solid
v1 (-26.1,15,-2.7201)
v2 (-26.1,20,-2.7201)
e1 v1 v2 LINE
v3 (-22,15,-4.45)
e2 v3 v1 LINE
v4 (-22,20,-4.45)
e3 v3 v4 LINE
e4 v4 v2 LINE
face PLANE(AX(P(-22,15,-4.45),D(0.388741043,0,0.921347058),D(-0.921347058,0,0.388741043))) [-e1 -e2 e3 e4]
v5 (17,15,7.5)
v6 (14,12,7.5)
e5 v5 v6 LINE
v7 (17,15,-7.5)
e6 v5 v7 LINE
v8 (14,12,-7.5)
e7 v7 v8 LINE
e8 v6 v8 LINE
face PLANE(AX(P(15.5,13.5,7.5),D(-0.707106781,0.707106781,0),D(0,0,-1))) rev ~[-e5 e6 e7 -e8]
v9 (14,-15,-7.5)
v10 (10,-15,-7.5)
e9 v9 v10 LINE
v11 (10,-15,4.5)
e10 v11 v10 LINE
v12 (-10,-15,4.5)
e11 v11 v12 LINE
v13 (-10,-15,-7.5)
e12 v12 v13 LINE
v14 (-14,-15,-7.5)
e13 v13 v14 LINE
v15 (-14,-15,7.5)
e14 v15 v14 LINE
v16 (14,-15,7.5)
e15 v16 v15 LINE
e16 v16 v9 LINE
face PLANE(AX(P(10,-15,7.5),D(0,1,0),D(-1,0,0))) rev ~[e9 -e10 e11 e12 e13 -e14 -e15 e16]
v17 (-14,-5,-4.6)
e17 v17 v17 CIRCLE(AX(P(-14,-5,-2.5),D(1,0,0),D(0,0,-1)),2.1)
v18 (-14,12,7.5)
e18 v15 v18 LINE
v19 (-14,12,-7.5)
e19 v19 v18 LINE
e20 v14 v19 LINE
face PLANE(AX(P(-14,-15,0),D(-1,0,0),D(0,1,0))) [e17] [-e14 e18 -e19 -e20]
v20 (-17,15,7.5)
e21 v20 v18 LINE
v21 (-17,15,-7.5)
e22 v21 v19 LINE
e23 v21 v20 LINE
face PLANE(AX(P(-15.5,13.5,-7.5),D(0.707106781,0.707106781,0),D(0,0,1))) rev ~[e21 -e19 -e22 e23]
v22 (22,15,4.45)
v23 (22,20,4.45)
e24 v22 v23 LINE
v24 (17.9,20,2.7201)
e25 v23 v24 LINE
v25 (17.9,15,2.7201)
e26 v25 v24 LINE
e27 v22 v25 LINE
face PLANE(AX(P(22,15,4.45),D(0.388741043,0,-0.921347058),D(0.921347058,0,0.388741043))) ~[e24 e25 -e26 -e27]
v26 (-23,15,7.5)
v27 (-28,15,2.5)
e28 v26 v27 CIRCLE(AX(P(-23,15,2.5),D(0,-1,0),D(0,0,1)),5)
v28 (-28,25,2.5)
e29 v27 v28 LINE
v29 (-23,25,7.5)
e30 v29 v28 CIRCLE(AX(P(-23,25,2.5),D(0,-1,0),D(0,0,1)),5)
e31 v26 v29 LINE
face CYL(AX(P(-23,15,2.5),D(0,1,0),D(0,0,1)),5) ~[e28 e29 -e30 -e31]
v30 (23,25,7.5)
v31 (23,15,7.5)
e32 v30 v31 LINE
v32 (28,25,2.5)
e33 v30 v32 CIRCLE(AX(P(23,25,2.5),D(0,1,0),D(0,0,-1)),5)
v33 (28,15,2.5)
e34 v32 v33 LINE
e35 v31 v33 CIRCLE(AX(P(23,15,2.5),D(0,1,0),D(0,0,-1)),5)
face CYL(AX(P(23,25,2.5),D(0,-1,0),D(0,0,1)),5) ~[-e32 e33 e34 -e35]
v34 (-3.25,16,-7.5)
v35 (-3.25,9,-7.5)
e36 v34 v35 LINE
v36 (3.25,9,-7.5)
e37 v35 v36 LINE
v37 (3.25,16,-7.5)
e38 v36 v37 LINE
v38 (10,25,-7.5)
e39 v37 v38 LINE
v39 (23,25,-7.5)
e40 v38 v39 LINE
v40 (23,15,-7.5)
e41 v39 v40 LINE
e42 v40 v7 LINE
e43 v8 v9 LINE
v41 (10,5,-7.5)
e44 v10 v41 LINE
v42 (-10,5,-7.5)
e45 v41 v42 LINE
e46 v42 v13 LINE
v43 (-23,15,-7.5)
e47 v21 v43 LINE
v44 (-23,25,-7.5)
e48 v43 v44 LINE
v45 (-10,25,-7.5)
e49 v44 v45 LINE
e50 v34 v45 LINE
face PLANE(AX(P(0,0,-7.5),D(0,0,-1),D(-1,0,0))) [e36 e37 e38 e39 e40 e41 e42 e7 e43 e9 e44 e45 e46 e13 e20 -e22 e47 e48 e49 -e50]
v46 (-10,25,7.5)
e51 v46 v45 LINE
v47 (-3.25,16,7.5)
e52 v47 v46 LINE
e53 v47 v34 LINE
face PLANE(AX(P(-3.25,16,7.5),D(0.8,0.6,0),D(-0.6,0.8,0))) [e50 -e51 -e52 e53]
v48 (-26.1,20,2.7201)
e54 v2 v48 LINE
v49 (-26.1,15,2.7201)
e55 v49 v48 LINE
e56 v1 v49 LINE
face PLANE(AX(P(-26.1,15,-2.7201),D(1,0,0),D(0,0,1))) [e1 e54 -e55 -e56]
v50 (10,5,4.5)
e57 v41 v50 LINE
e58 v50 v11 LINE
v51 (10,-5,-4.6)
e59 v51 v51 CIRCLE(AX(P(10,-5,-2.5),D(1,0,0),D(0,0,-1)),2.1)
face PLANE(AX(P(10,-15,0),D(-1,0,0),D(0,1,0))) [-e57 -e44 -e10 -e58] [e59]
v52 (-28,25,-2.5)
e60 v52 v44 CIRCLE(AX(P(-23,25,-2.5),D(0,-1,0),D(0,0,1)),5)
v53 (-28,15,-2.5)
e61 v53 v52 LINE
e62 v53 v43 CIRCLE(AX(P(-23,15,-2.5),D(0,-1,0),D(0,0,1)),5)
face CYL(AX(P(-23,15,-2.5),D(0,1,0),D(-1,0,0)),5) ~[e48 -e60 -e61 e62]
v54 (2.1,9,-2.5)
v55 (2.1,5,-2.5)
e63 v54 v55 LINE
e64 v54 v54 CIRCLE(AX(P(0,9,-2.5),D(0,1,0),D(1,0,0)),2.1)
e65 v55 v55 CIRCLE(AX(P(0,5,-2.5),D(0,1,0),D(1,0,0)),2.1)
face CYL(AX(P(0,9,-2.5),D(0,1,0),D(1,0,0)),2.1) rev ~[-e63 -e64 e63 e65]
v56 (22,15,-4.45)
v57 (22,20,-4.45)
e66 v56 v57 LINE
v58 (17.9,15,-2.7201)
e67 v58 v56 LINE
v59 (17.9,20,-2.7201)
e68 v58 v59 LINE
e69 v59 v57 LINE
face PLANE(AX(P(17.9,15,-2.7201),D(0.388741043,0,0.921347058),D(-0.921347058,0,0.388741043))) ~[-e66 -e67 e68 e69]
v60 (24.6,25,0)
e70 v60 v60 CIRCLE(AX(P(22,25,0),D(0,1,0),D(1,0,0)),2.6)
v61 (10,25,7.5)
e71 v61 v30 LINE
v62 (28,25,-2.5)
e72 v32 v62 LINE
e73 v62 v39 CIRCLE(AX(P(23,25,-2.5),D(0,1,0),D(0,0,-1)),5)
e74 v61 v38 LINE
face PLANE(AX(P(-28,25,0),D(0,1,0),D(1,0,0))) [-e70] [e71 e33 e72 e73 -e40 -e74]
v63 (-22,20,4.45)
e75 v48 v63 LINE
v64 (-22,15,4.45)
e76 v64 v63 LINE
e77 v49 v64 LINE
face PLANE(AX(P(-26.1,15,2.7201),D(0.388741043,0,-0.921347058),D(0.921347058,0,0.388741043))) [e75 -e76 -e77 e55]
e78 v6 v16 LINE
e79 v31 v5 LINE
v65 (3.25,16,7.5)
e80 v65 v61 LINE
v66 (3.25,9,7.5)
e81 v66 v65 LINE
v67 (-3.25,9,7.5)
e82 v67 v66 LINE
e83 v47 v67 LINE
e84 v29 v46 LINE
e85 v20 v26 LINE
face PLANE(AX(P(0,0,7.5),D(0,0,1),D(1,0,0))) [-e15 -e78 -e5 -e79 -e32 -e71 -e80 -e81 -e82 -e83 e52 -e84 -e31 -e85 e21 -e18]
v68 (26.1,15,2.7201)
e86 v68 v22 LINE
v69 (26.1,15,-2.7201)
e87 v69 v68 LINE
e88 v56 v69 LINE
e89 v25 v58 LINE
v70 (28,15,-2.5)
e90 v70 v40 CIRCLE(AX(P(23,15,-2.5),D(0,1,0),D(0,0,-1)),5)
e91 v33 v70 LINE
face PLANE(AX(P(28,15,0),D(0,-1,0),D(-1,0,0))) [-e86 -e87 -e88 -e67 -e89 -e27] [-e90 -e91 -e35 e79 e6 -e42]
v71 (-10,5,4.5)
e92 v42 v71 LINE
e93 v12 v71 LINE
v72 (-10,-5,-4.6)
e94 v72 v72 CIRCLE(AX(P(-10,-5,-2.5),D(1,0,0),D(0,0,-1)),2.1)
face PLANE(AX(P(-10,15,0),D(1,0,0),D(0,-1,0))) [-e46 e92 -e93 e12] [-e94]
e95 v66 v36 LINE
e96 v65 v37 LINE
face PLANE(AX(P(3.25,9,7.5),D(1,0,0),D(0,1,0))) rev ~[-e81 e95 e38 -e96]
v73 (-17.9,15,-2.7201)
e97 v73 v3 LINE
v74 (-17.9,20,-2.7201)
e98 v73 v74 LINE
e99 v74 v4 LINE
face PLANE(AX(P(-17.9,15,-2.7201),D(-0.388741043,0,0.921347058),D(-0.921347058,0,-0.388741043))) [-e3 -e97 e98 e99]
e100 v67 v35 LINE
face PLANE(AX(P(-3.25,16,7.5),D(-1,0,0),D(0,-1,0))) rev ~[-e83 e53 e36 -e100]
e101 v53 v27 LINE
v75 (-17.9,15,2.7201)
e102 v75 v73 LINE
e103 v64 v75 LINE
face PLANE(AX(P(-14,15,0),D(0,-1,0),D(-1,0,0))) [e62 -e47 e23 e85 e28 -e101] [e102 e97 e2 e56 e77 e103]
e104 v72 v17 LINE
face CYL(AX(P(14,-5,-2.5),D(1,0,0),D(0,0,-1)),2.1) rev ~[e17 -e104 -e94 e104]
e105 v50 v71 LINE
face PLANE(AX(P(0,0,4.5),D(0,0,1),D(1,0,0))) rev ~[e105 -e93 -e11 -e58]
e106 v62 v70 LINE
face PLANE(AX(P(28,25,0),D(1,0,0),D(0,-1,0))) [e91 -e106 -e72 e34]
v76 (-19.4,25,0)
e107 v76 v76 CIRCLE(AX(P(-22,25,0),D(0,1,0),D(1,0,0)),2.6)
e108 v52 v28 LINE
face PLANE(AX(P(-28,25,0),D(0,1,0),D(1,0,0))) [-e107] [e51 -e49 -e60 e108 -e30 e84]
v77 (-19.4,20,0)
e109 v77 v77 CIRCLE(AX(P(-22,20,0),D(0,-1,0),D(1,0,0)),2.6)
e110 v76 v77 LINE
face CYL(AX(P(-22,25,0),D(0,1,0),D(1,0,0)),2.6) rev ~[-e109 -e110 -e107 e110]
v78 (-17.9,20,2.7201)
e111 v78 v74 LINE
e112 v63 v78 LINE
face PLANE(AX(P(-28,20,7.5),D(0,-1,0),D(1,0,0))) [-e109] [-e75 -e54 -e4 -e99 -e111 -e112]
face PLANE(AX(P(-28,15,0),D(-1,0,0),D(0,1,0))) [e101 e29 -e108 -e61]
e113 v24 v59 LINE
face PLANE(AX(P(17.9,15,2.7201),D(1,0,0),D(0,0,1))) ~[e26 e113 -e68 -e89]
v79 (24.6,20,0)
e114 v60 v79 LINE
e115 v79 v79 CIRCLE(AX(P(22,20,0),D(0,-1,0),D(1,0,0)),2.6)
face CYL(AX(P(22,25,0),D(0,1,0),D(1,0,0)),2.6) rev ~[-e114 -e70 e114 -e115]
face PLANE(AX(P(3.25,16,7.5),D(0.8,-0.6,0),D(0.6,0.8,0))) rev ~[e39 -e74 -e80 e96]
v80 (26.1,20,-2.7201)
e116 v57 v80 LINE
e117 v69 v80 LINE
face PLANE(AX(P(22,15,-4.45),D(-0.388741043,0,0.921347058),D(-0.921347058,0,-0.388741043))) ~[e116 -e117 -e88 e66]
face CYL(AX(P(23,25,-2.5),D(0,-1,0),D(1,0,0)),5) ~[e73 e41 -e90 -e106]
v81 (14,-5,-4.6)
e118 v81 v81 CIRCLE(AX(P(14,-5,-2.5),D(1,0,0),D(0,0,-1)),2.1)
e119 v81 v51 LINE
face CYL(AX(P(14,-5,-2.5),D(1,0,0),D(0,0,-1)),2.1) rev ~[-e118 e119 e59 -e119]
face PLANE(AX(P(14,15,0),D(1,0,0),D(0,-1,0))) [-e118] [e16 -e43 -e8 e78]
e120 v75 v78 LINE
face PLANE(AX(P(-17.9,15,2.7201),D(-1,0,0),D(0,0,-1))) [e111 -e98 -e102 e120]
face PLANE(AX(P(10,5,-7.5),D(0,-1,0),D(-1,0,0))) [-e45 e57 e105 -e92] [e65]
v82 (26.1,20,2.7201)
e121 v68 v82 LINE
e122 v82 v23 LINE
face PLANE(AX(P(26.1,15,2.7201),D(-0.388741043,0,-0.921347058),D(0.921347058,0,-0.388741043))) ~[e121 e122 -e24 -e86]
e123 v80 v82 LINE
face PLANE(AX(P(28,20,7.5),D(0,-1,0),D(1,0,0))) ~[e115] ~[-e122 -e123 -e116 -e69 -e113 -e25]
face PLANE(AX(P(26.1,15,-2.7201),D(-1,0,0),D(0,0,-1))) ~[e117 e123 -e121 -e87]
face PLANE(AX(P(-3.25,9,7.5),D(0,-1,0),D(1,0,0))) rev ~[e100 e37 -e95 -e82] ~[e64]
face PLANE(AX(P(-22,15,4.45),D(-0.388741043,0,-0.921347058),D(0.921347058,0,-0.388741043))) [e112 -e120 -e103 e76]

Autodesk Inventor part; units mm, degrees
ref_plane "YZ Plane" through (0, 0, 0) normal (1, 0, 0) x (0, 1, 0)
ref_plane "XZ Plane" through (0, 0, 0) normal (0, 1, 0) x (-1, 0, 0)
ref_plane "XY Plane" through (0, 0, 0) normal (0, 0, 1) x (1, 0, 0)
sketch "Sketch1" plane through (0, 0, 0) normal (0, 0, 1) x (1, 0, 0)
  line L0 (-28, 25) -> (28, 25)
  line L1 (28, 25) -> (28, 15)
  line L2 (28, 15) -> (14, 15)
  line L3 (14, 15) -> (14, -15)
  line L4 (14, -15) -> (10, -15)
  line L5 (10, -15) -> (10, 15)
  line L6 (10, 15) -> (-10, 15)
  line L7 (-10, 15) -> (-10, -15)
  line L8 (-10, -15) -> (-14, -15)
  line L9 (-14, -15) -> (-14, 15)
  line L10 (-14, 15) -> (-28, 15)
  line L11 (-28, 15) -> (-28, 25)
  point P0 (0, 0)
  point P1 (0, 25)
  point P2 (0, 15)
  point P3 (10, 0)
  dimension "d0" = 20
  dimension "d1" = 30
  dimension "d2" = 4
  dimension "d3" = 4
  dimension "d4" = 14
  dimension "d5" = 10
extrude "Extrusion1" add sketch "Sketch1" along normal mid plane 15
sketch "Sketch2" plane through (-28, 25, 7.5) normal (0, 1, 0) x (1, 0, 0)
  circle A0 centre (6, 7.5) radius 2.6
  circle A1 centre (50, 7.5) radius 2.6
  line L0 (0, 15) -> (0, 0) projected
  line L1 (56, 0) -> (56, 15) projected
  point P0 (28, 7.5)
  dimension "d8" = 5.2
  dimension "d9" = 6
  dimension "d10" = 6
extrude "Extrusion2" cut sketch "Sketch2" against normal up to next
sketch "Sketch3" plane through (-28, 15, 7.5) normal (0, -1, 0) x (1, 0, 0)
  circle A0 centre (6, -7.5) radius 2.6 projected
  circle A1 centre (50, -7.5) radius 2.6 projected
  line L0 (1.9, -10.2201) -> (1.9, -4.7799)
  line L1 (1.9, -4.7799) -> (6, -3.05)
  line L2 (6, -3.05) -> (10.1, -4.7799)
  line L3 (10.1, -4.7799) -> (10.1, -10.2201)
  line L4 (14, 0) -> (14, -15) projected
  line L5 (10.1, -10.2201) -> (6, -11.95)
  line L6 (6, -11.95) -> (1.9, -10.2201)
  point P0 (28, -7.5)
  point P1 (1.9, -7.5)
  dimension "d13" = 8.2
  dimension "d22" = 8.9
  dimension "d23" = 8.2
extrude "Extrusion3" cut sketch "Sketch3" against normal blind 5 contours L0 L1 L2 L3 L5 L6
mirror "Mirror1" about plane through (0, 0, 0) normal (1, 0, 0) of "Extrusion3"
sketch "Sketch4" plane through (14, -15, 7.5) normal (1, 0, 0) x (0, 0, -1)
  circle A0 centre (10, 10) radius 2.1
  line L0 (0, 0) -> (15, 0) projected
  point P0 (7.5, 15)
  point P1 (7.5, 0)
  point P2 (7.5, 0)
  dimension "d24" = 4.2
  dimension "d25" = 10
extrude "Extrusion4" cut sketch "Sketch4" against normal up to surface (28 mm away)
fillet "Fillet1" radius 5 4 edges at (-28, 20, 7.5) (-28, 20, -7.5) (28, 20, 7.5) (28, 20, -7.5)
chamfer "Chamfer1" distance 3 angle 45 2 edges at (-14, 15, 0) (14, 15, 0)
sketch "Sketch8" plane through (0, 0, 7.5) normal (0, 0, 1) x (1, 0, 0)
  line L0 (-10, 15) -> (10, 15)
  line L1 (10, 15) -> (10, -15)
  line L2 (10, -15) -> (-10, -15)
  line L3 (-10, -15) -> (-10, 15)
  point P0 (0, 0)
extrude "Extrusion7" add sketch "Sketch8" against normal blind 3
sketch "Sketch9" plane through (0, 0, -7.5) normal (0, 0, -1) x (-1, 0, 0)
  line L0 (-10, 5) -> (10, 5)
  line L1 (10, -15) -> (14, -15) projected
  line L2 (-10, 5) -> (-10, 15)
  line L3 (-10, 15) -> (10, 15)
  line L4 (10, 15) -> (10, 5)
  point P0 (0, 0)
  dimension "d44" = 20
extrude "Extrusion8" add sketch "Sketch9" against normal up to surface (12 mm away)
sketch "Sketch6" plane through (0, 0, 7.5) normal (0, 0, 1) x (1, 0, 0)
  line L0 (-3.25, 16) -> (3.25, 16)
  line L1 (3.25, 16) -> (10, 25)
  line L2 (28, 25) -> (-28, 25) projected
  line L3 (-3.25, 16) -> (-10, 25)
  line L4 (-10, 25) -> (10, 25)
  line L5 (-14, -15) -> (-10, -15) projected
  line L6 (-10, 5) -> (10, 5) projected
  line L7 (-3.25, 16) -> (-3.25, 9)
  line L8 (-3.25, 9) -> (3.25, 9)
  line L9 (3.25, 9) -> (3.25, 16)
  point P0 (0, 0)
  point P1 (0, 16)
  point P2 (0, 25)
  point P3 (-10, 15)
  point P4 (0, 25)
  point P5 (0, 25)
  dimension "d29" = 6.5
  dimension "d30" = 20
  dimension "d47" = 9
  dimension "d48" = 4
extrude "Extrusion5" cut sketch "Sketch6" against normal up to surface (15 mm away)
sketch "Sketch11" plane through (-3.25, 9, 7.5) normal (0, 1, 0) x (1, 0, 0)
  line L0 (13.25, 7.9) -> (13.25, 12.1) projected
  line L1 (17.25, 12.1) -> (17.25, 7.9) projected
  circle A0 centre (3.25, 10) radius 2.1
  point P0 (3.25, 7.5)
  point P1 (17.25, 10)
  dimension "d49" = 4.2
extrude "Extrusion9" cut sketch "Sketch11" against normal up to next
equation "\"d3\" = d2"
properties part number "holder-GT2-x-carriage-left"
